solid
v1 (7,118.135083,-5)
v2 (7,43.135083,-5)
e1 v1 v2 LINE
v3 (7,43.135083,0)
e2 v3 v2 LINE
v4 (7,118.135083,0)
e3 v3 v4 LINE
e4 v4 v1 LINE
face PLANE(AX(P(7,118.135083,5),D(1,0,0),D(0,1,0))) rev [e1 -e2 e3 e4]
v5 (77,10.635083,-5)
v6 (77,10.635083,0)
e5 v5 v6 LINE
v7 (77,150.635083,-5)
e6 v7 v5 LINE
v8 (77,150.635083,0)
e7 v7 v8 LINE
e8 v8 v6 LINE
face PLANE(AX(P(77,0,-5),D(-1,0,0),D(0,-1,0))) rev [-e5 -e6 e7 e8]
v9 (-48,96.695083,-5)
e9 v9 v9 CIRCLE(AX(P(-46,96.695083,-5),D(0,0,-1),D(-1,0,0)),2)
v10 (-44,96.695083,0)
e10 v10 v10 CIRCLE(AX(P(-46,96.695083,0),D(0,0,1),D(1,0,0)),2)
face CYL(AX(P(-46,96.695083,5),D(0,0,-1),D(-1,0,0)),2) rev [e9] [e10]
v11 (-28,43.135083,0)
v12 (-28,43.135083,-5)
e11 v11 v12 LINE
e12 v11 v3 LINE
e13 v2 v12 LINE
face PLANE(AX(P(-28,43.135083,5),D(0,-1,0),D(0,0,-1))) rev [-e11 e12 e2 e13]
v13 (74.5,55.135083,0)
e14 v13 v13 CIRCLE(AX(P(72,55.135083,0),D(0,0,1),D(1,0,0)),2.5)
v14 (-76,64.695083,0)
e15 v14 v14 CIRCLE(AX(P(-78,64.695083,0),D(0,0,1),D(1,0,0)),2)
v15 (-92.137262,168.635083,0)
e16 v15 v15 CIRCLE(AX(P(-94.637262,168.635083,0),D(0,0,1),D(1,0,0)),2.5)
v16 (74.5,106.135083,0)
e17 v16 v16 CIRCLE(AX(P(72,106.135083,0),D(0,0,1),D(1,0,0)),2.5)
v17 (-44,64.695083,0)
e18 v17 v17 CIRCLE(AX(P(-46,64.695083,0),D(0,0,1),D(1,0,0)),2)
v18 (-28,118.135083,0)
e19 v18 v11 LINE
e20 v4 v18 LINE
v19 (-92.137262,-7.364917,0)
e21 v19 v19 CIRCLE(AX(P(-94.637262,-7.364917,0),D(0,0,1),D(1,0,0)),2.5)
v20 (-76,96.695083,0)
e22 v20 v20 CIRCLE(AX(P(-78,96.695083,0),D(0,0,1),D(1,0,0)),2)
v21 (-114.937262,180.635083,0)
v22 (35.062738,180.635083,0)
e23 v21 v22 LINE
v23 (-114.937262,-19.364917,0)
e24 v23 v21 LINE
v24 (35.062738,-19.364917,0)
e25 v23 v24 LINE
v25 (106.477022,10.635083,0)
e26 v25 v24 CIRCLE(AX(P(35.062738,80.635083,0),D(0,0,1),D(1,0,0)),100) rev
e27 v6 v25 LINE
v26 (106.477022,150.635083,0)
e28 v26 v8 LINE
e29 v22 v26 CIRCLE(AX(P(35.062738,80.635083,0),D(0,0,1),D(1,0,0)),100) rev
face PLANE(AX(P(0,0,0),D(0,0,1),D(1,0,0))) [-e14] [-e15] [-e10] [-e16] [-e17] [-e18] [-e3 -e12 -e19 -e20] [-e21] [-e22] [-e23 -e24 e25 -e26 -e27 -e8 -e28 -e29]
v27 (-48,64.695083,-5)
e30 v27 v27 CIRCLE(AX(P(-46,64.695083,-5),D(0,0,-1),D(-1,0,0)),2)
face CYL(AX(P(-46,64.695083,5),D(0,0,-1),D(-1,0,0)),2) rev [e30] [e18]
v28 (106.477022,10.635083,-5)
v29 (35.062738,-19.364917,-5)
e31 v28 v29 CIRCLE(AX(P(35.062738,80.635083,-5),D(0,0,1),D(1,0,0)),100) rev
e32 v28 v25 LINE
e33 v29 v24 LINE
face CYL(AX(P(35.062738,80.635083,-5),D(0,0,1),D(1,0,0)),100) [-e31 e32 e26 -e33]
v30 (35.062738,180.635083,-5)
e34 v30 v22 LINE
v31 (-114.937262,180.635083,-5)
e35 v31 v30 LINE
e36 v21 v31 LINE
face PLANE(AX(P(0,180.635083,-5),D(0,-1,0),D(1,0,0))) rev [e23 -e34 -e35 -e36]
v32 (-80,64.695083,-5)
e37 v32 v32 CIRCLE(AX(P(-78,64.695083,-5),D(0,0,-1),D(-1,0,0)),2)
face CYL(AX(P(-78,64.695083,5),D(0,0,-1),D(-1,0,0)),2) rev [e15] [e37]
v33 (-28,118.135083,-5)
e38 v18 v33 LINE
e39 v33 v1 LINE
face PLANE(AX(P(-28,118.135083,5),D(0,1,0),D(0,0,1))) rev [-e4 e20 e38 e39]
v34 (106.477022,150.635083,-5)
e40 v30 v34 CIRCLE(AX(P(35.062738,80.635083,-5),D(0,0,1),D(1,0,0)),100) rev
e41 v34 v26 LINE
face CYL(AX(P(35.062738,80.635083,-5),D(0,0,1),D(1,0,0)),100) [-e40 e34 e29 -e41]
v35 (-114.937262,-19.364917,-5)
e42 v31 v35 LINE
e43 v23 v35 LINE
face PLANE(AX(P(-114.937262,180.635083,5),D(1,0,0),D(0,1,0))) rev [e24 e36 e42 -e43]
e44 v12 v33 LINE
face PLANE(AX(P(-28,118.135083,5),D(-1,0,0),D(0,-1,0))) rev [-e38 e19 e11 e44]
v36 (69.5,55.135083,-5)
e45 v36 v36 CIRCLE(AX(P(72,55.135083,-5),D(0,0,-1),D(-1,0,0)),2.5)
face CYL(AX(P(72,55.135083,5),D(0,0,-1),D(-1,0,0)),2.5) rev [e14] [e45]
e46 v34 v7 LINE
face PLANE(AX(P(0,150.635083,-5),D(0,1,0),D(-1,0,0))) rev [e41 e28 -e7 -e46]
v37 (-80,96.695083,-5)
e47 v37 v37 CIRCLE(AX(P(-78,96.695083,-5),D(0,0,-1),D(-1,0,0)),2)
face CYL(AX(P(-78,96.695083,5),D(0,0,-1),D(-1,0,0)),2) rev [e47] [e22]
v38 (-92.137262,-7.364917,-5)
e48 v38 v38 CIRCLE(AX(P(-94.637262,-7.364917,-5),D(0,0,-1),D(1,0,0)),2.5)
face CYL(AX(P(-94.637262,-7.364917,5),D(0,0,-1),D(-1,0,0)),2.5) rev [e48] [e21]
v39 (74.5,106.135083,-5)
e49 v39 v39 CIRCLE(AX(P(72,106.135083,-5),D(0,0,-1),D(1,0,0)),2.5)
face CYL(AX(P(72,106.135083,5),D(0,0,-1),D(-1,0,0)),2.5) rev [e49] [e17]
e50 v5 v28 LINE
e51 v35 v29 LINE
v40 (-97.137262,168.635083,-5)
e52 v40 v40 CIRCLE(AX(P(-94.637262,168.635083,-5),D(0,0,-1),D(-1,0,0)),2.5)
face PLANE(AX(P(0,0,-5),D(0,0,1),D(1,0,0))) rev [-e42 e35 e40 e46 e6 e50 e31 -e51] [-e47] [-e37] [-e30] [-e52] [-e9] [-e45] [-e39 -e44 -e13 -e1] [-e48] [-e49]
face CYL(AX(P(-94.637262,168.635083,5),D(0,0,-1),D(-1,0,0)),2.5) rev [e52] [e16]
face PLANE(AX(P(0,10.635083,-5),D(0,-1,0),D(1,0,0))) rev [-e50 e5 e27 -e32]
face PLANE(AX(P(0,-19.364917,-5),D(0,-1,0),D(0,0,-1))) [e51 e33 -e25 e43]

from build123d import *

# Parameters (mm, degrees)
BOSS_EXTRUDE1_DEPTH = 5
SKETCH2_R           = 2.5
SKETCH2_W           = 35
SKETCH2_H           = 75
CUT_EXTRUDE1_DEPTH  = 10
SKETCH4_R           = 2
CUT_EXTRUDE3_DEPTH  = 10
SKETCH5_R           = 2.5
CUT_EXTRUDE4_DEPTH  = 10
SKETCH6_W           = 242.754098284
SKETCH6_H           = 200
CUT_EXTRUDE5_DEPTH  = 10


with BuildPart() as part:
    # Sketch1 → Boss-Extrude1 (new body)
    with BuildSketch(Plane.XY):
        with BuildLine():
            Line((77, 150.635083269), (106.477021815, 150.635083269))
            ThreePointArc((106.477021815, 150.635083269), (73.792570992, 172.830527842), (35.06273753, 180.635083269))
            Line((35.06273753, 180.635083269), (-264.93726247, 180.635083269))
            ThreePointArc((-264.93726247, 180.635083269), (-303.667095932, 172.830527842), (-336.351546756, 150.635083269))
            Line((-336.351546756, 150.635083269), (-306.874524941, 150.635083269))
            Line((-306.874524941, 150.635083269), (-306.874524941, 10.635083269))
            Line((-306.874524941, 10.635083269), (-336.351546756, 10.635083269))
            ThreePointArc((-336.351546756, 10.635083269), (-303.667095932, -11.560361304), (-264.93726247, -19.364916731))
            Line((-264.93726247, -19.364916731), (35.06273753, -19.364916731))
            ThreePointArc((35.06273753, -19.364916731), (73.792570992, -11.560361304), (106.477021815, 10.635083269))
            Line((106.477021815, 10.635083269), (77, 10.635083269))
            Line((77, 10.635083269), (77, 150.635083269))
        make_face()
    extrude(amount=-BOSS_EXTRUDE1_DEPTH)

    # Sketch2 → Cut-Extrude1 (cut)
    with BuildSketch(Plane(origin=(0, 0, -5), x_dir=(-1, 0, 0), z_dir=(0, 0, -1))):
        with Locations((301.874524941, 106.135083269)):
            Circle(SKETCH2_R)
        with Locations(Location((301.874524941, 55.135083269, 0), (0, 0, 180))):
            Circle(SKETCH2_R)
        with Locations((-72, 55.135083269)):
            Circle(SKETCH2_R)
        with Locations(Location((-72, 106.135083269, 0), (0, 0, 180))):
            Circle(SKETCH2_R)
        with Locations((219.374524941, 80.635083269)):
            Rectangle(SKETCH2_W, SKETCH2_H)
        with Locations((10.5, 80.635083269)):
            Rectangle(SKETCH2_W, SKETCH2_H)
    extrude(amount=-CUT_EXTRUDE1_DEPTH, mode=Mode.SUBTRACT)

    # Sketch4 → Cut-Extrude3 (cut)
    with BuildSketch(Plane(origin=(0, 0, -5), x_dir=(-1, 0, 0), z_dir=(0, 0, -1))):
        with Locations((46, 64.695083269)):
            Circle(SKETCH4_R)
        with Locations((46, 96.695083269)):
            Circle(SKETCH4_R)
        with Locations((78, 64.695083269)):
            Circle(SKETCH4_R)
        with Locations((78, 96.695083269)):
            Circle(SKETCH4_R)
        with Locations(Location((151.874524941, 64.695083269, 0), (0, 0, 180))):
            Circle(SKETCH4_R)
        with Locations(Location((183.874524941, 64.695083269, 0), (0, 0, 180))):
            Circle(SKETCH4_R)
        with Locations(Location((183.874524941, 96.695083269, 0), (0, 0, 180))):
            Circle(SKETCH4_R)
        with Locations(Location((151.874524941, 96.695083269, 0), (0, 0, 180))):
            Circle(SKETCH4_R)
    extrude(amount=-CUT_EXTRUDE3_DEPTH, mode=Mode.SUBTRACT)

    # Sketch5 → Cut-Extrude4 (cut)
    with BuildSketch(Plane(origin=(0, 0, -5), x_dir=(-1, 0, 0), z_dir=(0, 0, -1))):
        with Locations((94.63726247, 168.635083269)):
            Circle(SKETCH5_R)
        with Locations((135.23726247, 168.635083269)):
            Circle(SKETCH5_R)
        with Locations(Location((94.63726247, -7.364916731, 0), (0, 0, 180))):
            Circle(SKETCH5_R)
        with Locations(Location((135.23726247, -7.364916731, 0), (0, 0, 180))):
            Circle(SKETCH5_R)
    extrude(amount=-CUT_EXTRUDE4_DEPTH, mode=Mode.SUBTRACT)

    # Sketch6 → Cut-Extrude5 (cut)
    with BuildSketch(Plane(origin=(0, 0, -5), x_dir=(-1, 0, 0), z_dir=(0, 0, -1))):
        with Locations((236.314311612, 80.635083269)):
            Rectangle(SKETCH6_W, SKETCH6_H)
    extrude(amount=-CUT_EXTRUDE5_DEPTH, mode=Mode.SUBTRACT)


solid = part.part
